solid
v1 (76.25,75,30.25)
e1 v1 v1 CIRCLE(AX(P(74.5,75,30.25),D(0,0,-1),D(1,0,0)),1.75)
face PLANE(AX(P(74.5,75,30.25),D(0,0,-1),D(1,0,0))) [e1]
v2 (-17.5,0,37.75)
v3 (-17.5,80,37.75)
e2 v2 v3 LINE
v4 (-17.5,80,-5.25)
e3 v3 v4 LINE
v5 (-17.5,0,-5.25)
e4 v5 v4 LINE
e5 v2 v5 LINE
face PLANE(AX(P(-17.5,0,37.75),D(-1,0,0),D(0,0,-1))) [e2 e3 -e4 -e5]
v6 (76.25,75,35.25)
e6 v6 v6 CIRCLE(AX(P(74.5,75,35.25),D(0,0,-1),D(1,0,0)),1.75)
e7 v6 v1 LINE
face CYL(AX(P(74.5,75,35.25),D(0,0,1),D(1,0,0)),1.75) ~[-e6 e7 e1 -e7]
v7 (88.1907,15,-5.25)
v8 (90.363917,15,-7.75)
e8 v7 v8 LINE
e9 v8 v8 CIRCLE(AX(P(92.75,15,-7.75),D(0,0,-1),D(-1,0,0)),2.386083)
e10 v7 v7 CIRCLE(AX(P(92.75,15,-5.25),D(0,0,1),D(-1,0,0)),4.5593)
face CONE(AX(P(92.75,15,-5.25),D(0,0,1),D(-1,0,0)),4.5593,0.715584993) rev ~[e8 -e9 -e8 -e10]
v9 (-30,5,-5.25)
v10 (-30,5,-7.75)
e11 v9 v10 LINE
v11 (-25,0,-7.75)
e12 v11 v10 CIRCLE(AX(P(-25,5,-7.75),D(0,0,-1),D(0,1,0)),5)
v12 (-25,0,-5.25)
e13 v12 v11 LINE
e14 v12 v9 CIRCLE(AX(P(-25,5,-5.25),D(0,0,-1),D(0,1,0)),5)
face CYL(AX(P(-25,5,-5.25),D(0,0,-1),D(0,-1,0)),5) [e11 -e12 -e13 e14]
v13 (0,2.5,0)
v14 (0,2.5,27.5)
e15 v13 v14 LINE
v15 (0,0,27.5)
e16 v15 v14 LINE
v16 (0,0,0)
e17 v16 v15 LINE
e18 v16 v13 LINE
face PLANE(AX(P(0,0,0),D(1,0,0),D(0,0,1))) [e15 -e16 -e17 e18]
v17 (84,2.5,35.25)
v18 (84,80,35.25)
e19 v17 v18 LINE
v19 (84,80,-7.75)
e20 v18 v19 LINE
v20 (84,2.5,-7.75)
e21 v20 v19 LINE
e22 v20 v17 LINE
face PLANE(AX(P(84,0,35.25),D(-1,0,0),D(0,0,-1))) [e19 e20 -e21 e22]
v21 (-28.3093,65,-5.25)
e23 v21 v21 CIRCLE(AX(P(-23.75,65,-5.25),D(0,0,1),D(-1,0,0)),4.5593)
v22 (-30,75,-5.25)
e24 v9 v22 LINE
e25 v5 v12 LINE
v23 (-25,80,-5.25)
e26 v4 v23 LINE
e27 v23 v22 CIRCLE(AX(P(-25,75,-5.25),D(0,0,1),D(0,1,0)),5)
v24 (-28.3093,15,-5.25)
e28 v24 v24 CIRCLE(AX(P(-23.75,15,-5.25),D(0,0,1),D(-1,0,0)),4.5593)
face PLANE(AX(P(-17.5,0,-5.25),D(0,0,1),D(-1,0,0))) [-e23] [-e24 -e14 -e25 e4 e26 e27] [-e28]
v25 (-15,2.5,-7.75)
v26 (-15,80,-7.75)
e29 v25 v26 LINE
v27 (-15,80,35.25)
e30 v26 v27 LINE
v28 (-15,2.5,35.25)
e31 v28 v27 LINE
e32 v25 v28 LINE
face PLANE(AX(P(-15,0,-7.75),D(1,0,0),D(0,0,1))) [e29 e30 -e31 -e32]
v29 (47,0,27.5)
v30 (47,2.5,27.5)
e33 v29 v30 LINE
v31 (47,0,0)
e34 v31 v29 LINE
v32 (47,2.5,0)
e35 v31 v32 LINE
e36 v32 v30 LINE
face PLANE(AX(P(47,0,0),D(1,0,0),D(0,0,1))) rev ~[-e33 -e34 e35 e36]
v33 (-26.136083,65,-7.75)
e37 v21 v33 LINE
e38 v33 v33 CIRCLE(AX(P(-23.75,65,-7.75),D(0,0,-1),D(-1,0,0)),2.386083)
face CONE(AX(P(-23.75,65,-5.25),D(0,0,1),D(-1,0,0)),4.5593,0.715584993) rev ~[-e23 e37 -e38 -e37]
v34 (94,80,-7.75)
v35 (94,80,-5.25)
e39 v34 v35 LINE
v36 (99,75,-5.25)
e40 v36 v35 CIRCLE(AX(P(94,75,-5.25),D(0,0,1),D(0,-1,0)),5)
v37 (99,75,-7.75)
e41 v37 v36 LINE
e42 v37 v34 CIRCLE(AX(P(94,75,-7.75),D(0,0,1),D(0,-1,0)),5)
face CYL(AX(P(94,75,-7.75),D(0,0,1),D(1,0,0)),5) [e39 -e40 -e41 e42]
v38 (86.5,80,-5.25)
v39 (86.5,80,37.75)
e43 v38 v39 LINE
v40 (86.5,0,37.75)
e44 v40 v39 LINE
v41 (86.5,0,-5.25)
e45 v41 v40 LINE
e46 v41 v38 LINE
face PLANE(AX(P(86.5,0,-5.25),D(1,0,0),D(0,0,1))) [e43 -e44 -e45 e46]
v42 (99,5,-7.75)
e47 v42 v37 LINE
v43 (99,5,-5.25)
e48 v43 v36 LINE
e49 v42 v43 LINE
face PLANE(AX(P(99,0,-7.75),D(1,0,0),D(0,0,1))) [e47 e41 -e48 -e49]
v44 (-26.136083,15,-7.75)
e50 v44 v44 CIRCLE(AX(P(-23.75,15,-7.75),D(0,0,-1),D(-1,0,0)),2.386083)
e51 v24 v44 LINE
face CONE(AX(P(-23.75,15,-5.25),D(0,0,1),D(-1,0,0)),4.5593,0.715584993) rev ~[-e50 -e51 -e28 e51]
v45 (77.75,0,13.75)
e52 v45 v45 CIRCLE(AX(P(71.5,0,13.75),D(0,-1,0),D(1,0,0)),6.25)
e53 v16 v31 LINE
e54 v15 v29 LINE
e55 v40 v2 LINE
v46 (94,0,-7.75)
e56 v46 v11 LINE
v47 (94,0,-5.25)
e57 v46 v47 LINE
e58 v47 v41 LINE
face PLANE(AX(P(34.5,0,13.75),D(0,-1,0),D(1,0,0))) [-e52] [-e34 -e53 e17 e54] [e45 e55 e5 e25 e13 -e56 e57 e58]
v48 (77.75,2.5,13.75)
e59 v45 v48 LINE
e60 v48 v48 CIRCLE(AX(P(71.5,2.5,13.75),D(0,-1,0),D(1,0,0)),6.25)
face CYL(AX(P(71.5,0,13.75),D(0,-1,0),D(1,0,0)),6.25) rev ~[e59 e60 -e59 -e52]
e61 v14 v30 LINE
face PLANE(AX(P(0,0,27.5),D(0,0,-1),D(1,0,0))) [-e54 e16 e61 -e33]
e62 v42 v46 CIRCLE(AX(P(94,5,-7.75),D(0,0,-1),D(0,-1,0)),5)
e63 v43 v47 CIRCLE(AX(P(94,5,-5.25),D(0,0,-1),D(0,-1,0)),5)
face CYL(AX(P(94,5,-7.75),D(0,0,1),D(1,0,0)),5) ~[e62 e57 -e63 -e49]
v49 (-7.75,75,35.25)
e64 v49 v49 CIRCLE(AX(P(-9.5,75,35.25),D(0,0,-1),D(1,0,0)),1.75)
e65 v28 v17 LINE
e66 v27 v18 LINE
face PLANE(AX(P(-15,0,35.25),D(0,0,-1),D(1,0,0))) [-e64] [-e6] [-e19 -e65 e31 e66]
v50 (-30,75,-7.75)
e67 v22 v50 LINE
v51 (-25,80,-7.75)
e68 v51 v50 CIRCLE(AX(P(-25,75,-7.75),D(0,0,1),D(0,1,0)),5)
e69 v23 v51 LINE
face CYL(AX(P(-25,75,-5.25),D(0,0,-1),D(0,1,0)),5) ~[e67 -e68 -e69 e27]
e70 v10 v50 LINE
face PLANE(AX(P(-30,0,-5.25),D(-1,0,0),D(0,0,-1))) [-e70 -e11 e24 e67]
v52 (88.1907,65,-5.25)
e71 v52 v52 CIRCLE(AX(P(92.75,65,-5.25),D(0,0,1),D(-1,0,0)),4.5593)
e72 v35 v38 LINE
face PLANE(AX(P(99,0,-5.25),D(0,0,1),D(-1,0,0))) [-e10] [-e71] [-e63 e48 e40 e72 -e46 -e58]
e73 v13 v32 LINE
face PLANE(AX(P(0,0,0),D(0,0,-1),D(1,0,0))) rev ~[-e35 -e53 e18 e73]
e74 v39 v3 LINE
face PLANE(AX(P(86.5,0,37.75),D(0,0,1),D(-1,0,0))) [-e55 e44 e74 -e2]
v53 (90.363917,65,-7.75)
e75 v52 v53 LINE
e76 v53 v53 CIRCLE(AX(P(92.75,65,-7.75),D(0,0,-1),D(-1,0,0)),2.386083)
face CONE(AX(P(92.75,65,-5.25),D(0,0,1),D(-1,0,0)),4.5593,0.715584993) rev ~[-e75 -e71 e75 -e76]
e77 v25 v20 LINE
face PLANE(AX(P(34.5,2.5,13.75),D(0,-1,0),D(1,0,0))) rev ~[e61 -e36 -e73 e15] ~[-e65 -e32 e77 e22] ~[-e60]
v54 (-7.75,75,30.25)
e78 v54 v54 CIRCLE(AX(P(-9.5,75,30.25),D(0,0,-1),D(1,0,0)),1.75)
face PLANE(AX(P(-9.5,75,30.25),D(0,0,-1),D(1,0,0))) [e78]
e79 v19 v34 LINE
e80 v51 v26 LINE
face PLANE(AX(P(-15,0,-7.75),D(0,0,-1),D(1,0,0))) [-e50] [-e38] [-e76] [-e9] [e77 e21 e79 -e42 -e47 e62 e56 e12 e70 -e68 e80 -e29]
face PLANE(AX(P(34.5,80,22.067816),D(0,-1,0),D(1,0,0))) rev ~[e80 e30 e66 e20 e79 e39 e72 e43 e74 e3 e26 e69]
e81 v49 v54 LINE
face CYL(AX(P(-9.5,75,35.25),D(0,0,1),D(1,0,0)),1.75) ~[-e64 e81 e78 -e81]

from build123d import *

# Parameters (mm, degrees)
F1_DEPTH       = 80
F0_W           = 99
F0_H           = 43
F0_W_2         = 47
F0_H_2         = 27.5
F0_R           = 6.25
F2_DEPTH       = 2.5
F4_D           = 4.4958
F4_CSINK_D     = 9.1186
F4_CSINK_ANGLE = 82
F5_R           = 5
F6_R           = 1.75
F7_DEPTH       = 5


with BuildPart() as f1:
    # F0 (on Front) → F1 (new body)
    with BuildSketch(Plane.XZ):
        Polygon((-15, -7.75), (-15, 35.25), (84, 35.25), (84, -7.75), (99, -7.75), (99, -5.25), (86.5, -5.25), (86.5, 37.75), (-17.5, 37.75), (-17.5, -5.25), (-30, -5.25), (-30, -7.75), align=None)
    extrude(amount=-F1_DEPTH)

    # F0 (on Front) → F2 (join)
    with BuildSketch(Plane.XZ):
        with Locations((34.5, 13.75)):
            Rectangle(F0_W, F0_H)
        with Locations((23.5, 13.75)):
            Rectangle(F0_W_2, F0_H_2, mode=Mode.SUBTRACT)
        with Locations((71.5, 13.75)):
            Circle(F0_R, mode=Mode.SUBTRACT)
    extrude(amount=-F2_DEPTH)

    # F4 (through all)
    with Locations(Plane.XY.offset(-5.25)):
        with Locations((-23.75, 65), (-23.75, 15), (92.75, 15), (92.75, 65)):
            CounterSinkHole(F4_D / 2, F4_CSINK_D / 2, counter_sink_angle=F4_CSINK_ANGLE)

    # F5
    f5_edges = [f1.edges().sort_by_distance(p)[0] for p in [
        (99, 0, -6.5),
        (-30, 0, -6.5),
        (99, 80, -6.5),
        (-30, 80, -6.5),
    ]]
    fillet(f5_edges, radius=F5_R)

    # F6 (on face) → F7 (join)
    with BuildSketch(Plane(origin=(0, 0, 35.25), x_dir=(1, 0, 0), z_dir=(0, 0, -1))):
        with Locations((-9.5, -75)):
            Circle(F6_R)
        with Locations((74.5, -75)):
            Circle(F6_R)
    extrude(amount=F7_DEPTH)


solid = f1.part
